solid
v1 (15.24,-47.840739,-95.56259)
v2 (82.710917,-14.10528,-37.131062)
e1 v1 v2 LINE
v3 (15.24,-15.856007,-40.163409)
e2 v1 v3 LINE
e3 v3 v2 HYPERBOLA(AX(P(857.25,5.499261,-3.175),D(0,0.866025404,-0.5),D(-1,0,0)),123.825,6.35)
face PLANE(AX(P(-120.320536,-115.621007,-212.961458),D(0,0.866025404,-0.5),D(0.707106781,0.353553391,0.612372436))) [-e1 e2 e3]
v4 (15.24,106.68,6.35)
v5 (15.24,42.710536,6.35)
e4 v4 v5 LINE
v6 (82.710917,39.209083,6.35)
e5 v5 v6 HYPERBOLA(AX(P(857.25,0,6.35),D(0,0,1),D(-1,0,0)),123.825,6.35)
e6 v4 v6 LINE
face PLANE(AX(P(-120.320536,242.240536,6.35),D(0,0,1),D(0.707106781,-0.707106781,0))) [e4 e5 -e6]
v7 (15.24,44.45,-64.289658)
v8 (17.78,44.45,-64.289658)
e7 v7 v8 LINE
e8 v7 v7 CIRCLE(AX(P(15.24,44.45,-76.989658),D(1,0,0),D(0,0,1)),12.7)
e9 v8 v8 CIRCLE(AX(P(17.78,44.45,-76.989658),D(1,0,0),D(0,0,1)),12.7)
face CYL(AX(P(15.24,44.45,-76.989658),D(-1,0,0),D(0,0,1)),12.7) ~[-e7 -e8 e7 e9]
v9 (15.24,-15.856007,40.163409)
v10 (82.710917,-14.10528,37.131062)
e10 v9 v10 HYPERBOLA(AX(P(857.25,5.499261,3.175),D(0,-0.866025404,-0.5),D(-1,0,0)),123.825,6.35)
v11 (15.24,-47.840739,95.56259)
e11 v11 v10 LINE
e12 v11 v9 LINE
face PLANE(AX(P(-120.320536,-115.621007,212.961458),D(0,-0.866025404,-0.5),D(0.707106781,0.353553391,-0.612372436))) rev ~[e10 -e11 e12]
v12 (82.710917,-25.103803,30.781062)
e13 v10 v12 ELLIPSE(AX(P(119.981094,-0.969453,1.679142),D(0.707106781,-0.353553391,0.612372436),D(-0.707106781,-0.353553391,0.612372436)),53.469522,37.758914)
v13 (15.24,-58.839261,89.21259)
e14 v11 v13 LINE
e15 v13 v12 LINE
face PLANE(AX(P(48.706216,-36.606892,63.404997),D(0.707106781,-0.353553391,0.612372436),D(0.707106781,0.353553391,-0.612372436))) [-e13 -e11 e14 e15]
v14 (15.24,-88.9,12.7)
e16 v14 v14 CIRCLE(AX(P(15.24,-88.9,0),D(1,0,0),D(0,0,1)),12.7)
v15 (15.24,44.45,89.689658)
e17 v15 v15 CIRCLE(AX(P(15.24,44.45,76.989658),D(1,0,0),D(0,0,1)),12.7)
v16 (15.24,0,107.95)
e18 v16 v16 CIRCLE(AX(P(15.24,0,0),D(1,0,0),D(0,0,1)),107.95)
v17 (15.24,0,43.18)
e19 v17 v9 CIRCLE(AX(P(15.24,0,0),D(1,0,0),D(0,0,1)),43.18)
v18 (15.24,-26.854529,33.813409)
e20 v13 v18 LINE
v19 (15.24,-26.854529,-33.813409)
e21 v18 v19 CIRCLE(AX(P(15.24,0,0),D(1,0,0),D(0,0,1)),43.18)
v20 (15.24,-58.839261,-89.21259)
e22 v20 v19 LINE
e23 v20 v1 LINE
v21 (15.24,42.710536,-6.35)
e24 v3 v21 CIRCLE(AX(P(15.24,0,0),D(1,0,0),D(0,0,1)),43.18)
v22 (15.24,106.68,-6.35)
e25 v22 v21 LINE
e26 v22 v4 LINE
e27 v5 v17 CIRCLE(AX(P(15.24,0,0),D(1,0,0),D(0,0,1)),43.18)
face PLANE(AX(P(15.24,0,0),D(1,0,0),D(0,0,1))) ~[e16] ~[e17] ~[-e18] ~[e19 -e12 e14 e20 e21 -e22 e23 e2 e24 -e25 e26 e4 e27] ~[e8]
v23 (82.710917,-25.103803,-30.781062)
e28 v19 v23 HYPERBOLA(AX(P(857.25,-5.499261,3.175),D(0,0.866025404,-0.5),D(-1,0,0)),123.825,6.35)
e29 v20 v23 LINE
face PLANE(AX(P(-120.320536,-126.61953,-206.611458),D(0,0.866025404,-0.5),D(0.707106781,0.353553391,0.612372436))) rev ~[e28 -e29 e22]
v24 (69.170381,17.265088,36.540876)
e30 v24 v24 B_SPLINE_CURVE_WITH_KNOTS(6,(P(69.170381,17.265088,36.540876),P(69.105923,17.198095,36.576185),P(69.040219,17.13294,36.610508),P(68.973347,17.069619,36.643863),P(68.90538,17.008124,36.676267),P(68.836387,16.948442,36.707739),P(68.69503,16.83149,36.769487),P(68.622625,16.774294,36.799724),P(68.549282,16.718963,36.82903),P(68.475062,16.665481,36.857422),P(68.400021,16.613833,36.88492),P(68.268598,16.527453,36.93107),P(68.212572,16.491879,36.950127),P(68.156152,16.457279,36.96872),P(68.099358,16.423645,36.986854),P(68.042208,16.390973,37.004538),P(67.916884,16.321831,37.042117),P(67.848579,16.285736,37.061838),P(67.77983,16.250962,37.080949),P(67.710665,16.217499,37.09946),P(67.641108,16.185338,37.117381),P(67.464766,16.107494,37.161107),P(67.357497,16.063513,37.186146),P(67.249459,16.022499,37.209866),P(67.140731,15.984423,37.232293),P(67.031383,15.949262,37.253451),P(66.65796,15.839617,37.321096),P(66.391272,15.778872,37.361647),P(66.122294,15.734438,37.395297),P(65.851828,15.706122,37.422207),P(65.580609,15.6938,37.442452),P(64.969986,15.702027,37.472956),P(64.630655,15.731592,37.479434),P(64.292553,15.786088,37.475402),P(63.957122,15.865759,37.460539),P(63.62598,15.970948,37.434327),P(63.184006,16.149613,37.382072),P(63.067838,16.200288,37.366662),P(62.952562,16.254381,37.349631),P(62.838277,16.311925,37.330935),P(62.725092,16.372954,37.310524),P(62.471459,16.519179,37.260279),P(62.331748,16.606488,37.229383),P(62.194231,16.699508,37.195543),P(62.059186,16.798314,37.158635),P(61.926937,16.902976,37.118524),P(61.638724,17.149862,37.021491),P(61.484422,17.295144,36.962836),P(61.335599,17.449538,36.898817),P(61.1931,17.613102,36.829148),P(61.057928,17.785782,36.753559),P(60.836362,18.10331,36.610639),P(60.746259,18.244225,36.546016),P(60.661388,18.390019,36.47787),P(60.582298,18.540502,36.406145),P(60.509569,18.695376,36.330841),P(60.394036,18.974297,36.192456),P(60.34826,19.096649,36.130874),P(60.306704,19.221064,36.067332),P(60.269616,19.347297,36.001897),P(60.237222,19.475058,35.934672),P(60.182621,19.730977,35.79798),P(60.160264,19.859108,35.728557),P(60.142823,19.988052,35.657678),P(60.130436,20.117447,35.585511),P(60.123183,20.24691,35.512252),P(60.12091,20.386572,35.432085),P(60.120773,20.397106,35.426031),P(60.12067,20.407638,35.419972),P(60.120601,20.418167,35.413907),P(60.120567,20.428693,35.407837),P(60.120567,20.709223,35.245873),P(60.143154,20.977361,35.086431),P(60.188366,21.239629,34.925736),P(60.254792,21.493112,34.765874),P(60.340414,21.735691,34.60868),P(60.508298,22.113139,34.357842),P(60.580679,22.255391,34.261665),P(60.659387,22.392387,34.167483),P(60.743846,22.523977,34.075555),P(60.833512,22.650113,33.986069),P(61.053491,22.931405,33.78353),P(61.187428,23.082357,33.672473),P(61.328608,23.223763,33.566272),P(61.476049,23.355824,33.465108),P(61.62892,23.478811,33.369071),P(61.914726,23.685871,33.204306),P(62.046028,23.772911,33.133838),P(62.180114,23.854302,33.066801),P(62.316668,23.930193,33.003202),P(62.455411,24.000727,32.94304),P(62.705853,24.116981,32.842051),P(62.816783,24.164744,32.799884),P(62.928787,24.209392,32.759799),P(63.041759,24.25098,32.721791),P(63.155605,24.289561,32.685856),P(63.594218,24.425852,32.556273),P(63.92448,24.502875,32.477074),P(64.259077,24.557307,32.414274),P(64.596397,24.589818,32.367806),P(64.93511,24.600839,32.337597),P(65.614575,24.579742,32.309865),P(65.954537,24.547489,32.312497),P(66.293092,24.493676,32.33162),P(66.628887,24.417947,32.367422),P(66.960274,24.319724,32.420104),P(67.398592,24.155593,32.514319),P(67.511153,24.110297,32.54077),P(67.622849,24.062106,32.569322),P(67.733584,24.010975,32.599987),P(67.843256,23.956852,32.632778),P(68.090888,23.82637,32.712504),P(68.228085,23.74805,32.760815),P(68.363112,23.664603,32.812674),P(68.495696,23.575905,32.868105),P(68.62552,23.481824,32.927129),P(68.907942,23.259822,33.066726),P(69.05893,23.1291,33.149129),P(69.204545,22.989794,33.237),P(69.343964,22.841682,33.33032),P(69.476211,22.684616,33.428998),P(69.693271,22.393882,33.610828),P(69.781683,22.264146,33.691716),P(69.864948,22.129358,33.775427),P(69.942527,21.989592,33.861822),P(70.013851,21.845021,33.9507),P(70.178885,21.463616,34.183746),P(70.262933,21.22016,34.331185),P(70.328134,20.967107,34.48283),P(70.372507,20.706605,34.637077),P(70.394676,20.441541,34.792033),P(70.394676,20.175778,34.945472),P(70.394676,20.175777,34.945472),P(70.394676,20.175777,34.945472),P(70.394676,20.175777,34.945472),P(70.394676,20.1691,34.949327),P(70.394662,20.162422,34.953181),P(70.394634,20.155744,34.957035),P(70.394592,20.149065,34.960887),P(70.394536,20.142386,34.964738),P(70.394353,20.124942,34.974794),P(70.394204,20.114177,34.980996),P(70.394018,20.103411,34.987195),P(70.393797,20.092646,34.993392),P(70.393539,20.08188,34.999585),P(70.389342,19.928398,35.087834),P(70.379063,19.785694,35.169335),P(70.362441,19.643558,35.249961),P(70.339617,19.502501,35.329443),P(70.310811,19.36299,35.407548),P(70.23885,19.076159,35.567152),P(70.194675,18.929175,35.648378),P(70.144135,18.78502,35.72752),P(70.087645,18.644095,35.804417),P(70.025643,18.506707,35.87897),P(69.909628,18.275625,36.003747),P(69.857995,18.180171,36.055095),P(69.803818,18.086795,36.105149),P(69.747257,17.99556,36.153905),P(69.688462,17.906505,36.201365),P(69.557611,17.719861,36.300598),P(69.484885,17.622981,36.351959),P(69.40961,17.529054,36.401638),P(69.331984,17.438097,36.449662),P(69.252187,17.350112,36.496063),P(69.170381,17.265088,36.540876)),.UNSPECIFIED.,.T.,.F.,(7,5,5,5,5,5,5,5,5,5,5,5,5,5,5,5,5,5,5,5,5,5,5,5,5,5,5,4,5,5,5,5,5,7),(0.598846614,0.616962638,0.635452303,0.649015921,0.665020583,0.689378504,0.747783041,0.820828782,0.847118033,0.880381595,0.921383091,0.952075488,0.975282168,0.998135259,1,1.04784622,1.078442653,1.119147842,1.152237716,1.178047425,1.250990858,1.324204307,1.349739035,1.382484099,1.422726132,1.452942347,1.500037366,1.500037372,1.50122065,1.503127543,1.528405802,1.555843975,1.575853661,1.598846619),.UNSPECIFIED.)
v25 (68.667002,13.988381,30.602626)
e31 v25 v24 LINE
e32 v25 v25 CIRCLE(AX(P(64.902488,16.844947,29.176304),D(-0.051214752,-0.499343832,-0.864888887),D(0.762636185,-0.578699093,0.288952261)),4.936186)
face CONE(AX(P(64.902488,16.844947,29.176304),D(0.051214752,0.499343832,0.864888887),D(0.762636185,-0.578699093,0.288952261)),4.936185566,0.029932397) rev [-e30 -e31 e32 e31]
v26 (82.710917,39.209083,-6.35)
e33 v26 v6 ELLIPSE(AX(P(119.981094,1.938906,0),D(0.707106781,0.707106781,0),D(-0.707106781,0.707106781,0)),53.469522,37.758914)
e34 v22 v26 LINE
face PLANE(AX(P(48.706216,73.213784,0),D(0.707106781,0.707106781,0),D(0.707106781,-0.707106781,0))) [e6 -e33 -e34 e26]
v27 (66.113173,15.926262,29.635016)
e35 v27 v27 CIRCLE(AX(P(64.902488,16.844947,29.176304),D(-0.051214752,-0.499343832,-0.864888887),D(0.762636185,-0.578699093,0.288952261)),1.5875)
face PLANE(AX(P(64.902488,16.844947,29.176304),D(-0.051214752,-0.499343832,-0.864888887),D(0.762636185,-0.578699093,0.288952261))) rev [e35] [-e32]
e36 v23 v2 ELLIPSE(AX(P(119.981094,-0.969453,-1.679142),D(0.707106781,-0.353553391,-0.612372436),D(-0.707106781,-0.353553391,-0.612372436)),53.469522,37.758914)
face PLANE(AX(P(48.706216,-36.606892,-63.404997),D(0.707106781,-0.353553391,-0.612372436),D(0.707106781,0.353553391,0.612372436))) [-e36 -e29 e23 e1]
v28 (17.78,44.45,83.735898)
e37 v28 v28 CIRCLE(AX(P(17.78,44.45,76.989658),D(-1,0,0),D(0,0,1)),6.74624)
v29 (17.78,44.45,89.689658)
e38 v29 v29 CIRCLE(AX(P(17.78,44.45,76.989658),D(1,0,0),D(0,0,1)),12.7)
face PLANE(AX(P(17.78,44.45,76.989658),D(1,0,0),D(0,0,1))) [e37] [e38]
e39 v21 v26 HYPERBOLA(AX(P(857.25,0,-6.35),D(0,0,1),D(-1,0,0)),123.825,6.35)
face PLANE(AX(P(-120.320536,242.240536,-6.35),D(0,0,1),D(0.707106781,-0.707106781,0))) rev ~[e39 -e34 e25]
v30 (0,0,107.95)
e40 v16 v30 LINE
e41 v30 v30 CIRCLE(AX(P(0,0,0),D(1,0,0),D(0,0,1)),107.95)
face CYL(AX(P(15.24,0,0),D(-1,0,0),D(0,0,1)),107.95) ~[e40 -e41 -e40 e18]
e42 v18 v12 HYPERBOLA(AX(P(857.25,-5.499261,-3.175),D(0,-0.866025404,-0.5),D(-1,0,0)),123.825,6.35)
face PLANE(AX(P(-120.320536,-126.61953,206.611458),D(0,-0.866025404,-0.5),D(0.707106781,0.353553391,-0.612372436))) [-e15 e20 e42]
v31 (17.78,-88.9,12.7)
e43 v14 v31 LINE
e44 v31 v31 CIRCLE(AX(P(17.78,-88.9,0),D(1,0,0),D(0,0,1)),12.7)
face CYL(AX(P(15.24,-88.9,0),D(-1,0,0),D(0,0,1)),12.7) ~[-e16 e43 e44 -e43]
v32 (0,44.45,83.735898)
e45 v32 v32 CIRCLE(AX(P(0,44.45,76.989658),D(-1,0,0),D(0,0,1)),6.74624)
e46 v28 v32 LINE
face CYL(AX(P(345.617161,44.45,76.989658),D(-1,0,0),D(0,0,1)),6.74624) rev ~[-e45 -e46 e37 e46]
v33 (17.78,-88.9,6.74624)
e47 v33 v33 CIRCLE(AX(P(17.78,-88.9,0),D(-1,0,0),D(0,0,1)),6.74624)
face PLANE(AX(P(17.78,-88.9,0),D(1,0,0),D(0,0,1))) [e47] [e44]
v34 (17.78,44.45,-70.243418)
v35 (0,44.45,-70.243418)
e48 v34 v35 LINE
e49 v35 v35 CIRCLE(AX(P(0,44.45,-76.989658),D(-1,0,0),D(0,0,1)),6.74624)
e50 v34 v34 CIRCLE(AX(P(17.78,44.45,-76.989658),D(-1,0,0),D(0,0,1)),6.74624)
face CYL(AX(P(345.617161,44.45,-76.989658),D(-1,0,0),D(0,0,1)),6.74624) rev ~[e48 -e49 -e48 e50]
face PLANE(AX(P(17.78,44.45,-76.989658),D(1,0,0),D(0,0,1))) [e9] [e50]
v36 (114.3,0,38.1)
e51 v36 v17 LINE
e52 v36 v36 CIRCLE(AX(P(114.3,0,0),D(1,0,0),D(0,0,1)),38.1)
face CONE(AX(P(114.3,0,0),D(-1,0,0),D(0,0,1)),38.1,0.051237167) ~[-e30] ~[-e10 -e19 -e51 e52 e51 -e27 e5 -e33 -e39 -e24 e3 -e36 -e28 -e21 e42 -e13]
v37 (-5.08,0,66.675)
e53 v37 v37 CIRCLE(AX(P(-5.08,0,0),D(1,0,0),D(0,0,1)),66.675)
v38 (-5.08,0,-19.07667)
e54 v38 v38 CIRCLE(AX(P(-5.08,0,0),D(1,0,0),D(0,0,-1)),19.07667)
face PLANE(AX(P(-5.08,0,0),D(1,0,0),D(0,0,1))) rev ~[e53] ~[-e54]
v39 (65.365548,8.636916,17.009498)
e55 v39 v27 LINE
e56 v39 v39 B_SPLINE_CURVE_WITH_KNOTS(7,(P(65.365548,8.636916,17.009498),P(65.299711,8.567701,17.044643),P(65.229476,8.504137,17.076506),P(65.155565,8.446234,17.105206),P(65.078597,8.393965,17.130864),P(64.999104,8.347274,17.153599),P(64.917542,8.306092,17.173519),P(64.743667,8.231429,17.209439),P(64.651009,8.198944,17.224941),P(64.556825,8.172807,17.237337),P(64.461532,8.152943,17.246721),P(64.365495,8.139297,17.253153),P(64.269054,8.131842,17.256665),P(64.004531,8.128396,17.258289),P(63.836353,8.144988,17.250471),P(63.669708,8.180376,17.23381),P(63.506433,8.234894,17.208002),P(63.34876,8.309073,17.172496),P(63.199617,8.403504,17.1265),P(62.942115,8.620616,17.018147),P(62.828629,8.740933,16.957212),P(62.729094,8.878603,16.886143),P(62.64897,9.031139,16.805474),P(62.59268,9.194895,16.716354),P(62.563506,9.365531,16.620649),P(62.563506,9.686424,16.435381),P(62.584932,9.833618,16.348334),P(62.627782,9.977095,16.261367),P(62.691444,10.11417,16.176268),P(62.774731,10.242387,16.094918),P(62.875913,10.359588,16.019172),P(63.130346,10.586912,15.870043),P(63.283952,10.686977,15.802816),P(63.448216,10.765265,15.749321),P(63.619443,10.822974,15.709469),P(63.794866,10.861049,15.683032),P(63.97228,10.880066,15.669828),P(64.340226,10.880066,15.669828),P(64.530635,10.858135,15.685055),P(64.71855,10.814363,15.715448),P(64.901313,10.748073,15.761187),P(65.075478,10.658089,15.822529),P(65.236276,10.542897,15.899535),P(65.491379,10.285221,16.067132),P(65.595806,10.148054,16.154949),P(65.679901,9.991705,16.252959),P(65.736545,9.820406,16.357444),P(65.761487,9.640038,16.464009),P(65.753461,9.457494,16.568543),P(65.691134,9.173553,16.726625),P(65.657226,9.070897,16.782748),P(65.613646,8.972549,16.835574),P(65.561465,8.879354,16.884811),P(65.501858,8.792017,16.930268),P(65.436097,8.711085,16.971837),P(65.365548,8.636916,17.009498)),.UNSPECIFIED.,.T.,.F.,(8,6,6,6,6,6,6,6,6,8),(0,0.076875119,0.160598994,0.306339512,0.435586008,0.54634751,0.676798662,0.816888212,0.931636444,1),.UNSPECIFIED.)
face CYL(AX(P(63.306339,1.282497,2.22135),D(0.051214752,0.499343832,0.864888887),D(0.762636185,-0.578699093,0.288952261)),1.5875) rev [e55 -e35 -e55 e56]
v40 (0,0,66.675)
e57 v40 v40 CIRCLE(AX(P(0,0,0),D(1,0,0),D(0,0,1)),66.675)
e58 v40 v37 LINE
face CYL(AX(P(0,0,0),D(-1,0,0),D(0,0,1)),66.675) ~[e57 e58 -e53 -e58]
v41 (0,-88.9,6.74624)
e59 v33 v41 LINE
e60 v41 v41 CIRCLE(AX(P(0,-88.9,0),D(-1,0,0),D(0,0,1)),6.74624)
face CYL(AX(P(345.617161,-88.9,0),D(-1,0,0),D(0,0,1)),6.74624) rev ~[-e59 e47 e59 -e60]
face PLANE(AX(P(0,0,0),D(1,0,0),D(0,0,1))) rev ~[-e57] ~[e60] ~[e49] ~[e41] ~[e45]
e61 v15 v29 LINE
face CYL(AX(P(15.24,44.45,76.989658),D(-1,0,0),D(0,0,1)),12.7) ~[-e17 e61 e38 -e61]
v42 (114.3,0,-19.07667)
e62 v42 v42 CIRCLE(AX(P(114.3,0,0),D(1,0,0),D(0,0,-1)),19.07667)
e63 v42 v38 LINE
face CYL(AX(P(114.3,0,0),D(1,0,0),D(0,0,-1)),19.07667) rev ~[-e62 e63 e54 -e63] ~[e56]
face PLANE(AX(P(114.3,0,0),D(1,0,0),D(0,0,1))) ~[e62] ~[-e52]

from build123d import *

# Parameters (mm, degrees)
RIB3_REACH              = 192.712
SKETCH5_WALL_W          = 478.079852118
SKETCH5_WALL_H          = 12.7
CIRPATTERN1_COUNT       = 3
SKETCH6_R               = 12.7
BOSS_EXTRUDE1_DEPTH     = 2.54
F_1_2_CLEARANCE_HOLE1_D = 13.49248
SKETCH14_R              = 19.07667
CUT_EXTRUDE1_DEPTH      = 194.798837458


with BuildPart() as part:
    # Sketch2 → Revolve2 (revolve)
    with BuildSketch(Plane.XY, mode=Mode.PRIVATE) as revolve2_sk:
        Polygon((0, 107.95), (0, 66.675), (-5.08, 66.675), (-5.08, 0), (114.3, 0), (114.3, 38.1), (15.24, 43.18), (15.24, 107.95), align=None)
    revolve(revolve2_sk.sketch.rotate(Axis((-82.761666667, 0, 0), (1, 0, 0)), 90), axis=Axis((-82.761666667, 0, 0), (1, 0, 0)))

    # Sketch5 wall → Rib3 (add, up to next)
    with BuildSketch(Plane(origin=(48.706216216, 73.213783784, 0), x_dir=(0.707106781187, -0.707106781187, 0), z_dir=(0.707106781187, 0.707106781187, 0)), mode=Mode.PRIVATE) as rib3_sk1:
        Rectangle(SKETCH5_WALL_W, SKETCH5_WALL_H)
    rib3_tool1 = extrude(rib3_sk1.sketch, amount=-RIB3_REACH, mode=Mode.PRIVATE) - part.part
    rib3 = rib3_tool1.solids().sort_by_distance((48.706216216, 73.213783784, 0))[0]
    add(rib3)

    # CirPattern1: Rib3 ×3 about axis
    cirpattern1_axis = Axis((0, 0, 0), (1, 0, 0))
    for i in range(1, CIRPATTERN1_COUNT):
        add(rib3.rotate(cirpattern1_axis, i * 360 / CIRPATTERN1_COUNT))

    # Sketch6 → Boss-Extrude1 (add)
    with BuildSketch(Plane(origin=(15.24, 0, 0), x_dir=(0, 0, -1), z_dir=(1, 0, 0))):
        with Locations(Location((76.989658396, 44.45, 0), (0, 0, 180))):
            Circle(SKETCH6_R)
        with Locations(Location((0, -88.9, 0), (0, 0, 180))):
            Circle(SKETCH6_R)
        with Locations(Location((-76.989658396, 44.45, 0), (0, 0, 180))):
            Circle(SKETCH6_R)
    extrude(amount=BOSS_EXTRUDE1_DEPTH)

    # 1/2 Clearance Hole1 (through all)
    with Locations(Plane(origin=(17.78, 0, 0), x_dir=(0, 0, -1), z_dir=(1, 0, 0))):
        with Locations((-76.989658396, 44.45), (76.989658396, 44.45), (0, -88.9)):
            Hole(F_1_2_CLEARANCE_HOLE1_D / 2)

    # Sketch13 → 1/8 NPT Tapped Hole1 (revolve, cut)
    with BuildSketch(Plane(origin=(65.257621207, 20.307496892, 35.173616392), x_dir=(0.7626361853665489, -0.5786990925818297, 0.28895226078805086), z_dir=(0.6447969431921082, 0.6447969431921082, -0.41045560551687754))):
        Polygon((0, 0), (0, 39.053866233), (1.5875, 38.1), (1.5875, 6.9342), (4.936185566, 6.9342), (5.1438048, 0), align=None)
    revolve(axis=Axis((65.582834882, 23.478330224, 40.665660824), (-0.05121475197315849, -0.4993438317382925, -0.8648888870168513)), mode=Mode.SUBTRACT)

    # Sketch14 → Cut-Extrude1 (cut, through all)
    with BuildSketch(Plane(origin=(114.3, 0, 0), x_dir=(0, 0, -1), z_dir=(1, 0, 0))):
        Circle(SKETCH14_R)
    extrude(amount=-CUT_EXTRUDE1_DEPTH, mode=Mode.SUBTRACT)


solid = part.part
